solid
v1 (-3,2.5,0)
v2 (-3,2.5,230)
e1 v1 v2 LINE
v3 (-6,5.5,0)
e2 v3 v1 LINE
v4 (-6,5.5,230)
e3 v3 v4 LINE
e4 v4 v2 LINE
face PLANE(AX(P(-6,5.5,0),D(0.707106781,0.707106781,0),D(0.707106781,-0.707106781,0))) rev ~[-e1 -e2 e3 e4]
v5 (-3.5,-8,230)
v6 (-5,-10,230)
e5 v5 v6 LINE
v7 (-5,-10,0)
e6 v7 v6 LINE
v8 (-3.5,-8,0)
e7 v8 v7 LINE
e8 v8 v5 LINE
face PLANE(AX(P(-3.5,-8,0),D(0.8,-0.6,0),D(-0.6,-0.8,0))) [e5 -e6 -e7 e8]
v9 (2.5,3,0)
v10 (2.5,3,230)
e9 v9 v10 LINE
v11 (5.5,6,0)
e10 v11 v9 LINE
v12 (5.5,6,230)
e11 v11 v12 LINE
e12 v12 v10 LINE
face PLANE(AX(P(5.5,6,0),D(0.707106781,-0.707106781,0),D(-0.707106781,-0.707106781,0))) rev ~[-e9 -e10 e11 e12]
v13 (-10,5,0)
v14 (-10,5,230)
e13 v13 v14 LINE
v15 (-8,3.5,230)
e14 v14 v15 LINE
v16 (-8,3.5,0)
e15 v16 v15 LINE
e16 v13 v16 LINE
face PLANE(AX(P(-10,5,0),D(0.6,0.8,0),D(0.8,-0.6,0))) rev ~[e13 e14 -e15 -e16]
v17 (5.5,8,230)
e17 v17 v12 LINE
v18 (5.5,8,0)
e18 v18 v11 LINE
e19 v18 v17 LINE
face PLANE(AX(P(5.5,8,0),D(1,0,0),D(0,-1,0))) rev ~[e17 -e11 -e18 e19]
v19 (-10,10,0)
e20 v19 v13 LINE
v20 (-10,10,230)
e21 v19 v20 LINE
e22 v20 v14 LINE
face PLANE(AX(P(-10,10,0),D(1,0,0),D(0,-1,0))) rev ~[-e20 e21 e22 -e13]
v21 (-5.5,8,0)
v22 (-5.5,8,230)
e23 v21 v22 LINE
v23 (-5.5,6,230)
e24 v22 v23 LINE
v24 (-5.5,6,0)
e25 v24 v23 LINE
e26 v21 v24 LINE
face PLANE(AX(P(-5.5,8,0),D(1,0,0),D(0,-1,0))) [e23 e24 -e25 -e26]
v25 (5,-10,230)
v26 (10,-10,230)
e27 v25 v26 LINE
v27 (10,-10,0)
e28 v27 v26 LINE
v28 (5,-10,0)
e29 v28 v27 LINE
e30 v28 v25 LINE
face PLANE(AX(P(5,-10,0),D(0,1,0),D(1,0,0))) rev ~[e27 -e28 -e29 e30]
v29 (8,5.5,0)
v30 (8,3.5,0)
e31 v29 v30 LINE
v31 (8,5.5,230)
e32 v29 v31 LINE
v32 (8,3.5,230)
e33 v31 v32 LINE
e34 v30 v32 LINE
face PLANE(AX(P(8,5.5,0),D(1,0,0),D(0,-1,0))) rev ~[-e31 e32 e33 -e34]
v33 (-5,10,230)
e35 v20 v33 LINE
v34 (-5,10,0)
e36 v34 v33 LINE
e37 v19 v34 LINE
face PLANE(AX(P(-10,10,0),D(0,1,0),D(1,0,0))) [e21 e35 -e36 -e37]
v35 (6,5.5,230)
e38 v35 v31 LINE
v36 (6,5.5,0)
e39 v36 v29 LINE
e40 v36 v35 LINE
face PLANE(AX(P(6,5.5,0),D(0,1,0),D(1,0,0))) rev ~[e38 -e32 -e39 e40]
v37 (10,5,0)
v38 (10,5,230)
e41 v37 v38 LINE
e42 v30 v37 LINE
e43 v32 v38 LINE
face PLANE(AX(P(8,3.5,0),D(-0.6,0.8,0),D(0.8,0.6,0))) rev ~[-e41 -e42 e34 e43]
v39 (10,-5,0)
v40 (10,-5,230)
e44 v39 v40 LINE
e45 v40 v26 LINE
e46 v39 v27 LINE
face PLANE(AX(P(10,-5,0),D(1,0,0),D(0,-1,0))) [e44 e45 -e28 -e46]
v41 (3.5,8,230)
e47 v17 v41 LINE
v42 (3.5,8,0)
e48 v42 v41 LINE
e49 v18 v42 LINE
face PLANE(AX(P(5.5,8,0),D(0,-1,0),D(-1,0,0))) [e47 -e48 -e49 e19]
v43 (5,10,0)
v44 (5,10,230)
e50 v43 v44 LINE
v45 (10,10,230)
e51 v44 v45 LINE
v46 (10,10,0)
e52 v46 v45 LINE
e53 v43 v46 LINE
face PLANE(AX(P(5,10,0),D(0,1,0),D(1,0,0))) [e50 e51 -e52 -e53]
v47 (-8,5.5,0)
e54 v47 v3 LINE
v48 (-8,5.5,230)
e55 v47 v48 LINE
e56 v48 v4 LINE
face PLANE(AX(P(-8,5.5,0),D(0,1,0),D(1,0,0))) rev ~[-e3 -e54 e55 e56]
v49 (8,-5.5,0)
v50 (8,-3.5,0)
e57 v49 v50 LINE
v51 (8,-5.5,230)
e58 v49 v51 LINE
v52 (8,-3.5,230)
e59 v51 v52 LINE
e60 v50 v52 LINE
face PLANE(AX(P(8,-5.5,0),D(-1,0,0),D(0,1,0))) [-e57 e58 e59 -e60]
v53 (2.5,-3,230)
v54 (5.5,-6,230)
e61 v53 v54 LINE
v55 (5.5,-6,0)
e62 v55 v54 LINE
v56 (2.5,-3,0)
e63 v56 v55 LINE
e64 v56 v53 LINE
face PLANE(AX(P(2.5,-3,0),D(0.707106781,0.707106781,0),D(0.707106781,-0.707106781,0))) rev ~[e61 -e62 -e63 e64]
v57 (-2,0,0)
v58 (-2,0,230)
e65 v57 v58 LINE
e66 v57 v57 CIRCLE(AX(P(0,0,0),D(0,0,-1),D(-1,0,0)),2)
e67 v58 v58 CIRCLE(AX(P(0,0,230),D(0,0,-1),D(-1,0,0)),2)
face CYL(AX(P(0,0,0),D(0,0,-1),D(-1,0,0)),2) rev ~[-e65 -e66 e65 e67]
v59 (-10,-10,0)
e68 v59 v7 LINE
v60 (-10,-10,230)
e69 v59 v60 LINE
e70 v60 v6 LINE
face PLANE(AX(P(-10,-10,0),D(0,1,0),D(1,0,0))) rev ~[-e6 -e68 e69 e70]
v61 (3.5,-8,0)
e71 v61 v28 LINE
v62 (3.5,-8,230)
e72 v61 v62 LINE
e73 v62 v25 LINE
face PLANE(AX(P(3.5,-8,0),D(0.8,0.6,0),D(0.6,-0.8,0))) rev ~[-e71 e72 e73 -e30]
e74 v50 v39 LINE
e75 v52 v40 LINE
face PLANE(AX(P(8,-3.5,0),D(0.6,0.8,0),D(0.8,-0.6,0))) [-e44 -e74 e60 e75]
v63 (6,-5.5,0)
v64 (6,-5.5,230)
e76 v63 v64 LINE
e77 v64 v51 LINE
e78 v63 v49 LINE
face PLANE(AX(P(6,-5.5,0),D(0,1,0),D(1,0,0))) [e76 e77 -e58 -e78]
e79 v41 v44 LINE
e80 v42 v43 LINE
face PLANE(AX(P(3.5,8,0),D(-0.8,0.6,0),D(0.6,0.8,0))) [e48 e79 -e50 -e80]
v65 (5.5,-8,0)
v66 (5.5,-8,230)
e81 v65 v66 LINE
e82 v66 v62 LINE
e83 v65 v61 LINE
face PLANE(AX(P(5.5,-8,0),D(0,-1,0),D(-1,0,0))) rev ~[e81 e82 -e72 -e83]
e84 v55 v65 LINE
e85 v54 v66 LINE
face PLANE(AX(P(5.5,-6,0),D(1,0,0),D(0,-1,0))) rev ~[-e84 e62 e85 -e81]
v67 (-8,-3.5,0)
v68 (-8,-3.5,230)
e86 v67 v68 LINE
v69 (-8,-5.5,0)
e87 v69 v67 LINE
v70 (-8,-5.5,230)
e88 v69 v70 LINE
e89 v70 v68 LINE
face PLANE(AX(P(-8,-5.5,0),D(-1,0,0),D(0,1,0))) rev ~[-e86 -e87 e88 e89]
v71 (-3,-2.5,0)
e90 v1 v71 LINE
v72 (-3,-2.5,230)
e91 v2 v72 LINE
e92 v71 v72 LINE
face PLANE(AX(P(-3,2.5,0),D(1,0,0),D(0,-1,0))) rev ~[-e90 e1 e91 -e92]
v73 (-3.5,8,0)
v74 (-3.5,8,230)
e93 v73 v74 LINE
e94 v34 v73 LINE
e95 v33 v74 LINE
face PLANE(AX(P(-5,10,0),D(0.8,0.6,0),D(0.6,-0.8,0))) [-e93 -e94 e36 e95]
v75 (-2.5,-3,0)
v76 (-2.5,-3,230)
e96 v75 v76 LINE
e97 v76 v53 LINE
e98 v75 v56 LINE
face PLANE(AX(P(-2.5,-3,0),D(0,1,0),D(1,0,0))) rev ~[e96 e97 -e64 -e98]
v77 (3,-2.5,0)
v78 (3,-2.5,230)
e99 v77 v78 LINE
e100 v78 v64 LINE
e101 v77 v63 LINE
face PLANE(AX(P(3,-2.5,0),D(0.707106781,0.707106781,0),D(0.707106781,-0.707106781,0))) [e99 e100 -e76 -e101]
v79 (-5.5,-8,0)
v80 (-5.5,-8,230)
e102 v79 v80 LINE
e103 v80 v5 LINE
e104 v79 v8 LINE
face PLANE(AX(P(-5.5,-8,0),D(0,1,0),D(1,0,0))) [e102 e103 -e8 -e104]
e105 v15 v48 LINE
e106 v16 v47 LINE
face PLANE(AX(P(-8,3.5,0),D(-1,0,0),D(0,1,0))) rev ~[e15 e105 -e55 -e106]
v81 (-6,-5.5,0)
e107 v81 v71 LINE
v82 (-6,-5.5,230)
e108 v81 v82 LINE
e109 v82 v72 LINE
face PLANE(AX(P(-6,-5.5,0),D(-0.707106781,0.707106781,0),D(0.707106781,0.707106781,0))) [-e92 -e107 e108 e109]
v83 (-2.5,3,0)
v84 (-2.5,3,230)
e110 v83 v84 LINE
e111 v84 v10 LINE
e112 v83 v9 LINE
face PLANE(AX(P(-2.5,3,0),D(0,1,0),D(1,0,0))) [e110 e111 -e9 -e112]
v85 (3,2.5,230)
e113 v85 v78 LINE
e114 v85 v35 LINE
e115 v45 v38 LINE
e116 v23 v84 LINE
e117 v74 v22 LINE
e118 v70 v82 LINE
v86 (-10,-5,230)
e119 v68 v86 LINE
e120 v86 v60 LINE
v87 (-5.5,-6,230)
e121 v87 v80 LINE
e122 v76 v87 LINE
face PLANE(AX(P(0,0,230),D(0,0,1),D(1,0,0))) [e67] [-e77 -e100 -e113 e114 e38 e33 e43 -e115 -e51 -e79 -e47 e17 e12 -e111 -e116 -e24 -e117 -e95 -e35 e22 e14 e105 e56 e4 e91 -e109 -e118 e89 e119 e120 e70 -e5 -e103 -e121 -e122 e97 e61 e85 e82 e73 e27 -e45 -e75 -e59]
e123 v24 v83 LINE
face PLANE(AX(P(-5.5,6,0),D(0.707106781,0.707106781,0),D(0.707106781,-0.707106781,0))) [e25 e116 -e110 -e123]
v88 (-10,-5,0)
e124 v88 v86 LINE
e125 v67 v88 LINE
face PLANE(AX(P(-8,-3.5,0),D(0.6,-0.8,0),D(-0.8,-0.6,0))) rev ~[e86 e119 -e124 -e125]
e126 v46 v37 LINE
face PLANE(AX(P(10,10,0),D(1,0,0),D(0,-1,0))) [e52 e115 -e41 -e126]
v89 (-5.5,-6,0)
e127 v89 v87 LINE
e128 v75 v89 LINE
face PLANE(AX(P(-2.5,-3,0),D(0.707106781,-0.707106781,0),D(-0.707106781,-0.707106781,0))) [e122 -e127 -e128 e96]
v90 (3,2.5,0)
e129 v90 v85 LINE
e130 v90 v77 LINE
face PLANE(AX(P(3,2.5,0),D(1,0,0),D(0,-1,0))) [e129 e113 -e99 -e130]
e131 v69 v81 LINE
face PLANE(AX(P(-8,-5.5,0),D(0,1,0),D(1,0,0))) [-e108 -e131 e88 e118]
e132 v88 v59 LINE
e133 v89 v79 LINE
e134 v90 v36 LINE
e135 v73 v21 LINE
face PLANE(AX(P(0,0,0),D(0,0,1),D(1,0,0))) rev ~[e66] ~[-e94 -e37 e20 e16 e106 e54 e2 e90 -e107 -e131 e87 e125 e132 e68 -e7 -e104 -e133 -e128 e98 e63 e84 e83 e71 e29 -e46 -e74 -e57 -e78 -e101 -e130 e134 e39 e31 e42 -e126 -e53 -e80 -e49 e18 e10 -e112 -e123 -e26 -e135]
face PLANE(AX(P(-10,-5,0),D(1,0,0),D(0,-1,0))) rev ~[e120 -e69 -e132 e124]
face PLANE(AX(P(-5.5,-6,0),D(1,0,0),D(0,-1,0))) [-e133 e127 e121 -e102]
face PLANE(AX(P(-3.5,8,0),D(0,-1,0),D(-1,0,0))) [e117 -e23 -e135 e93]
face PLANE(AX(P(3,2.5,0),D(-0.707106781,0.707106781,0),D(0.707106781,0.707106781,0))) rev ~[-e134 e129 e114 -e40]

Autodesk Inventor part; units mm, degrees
ref_plane "YZ Plane" through (0, 0, 0) normal (1, 0, 0) x (0, 1, 0)
ref_plane "XZ Plane" through (0, 0, 0) normal (0, 1, 0) x (-1, 0, 0)
ref_plane "XY Plane" through (0, 0, 0) normal (0, 0, 1) x (1, 0, 0)
sketch "Sketch1" plane through (0, 0, 0) normal (0, 0, 1) x (1, 0, 0)
  line L0 (-5, 10) -> (-3.5, 8)
  line L1 (-3.5, 8) -> (-5.5, 8)
  line L2 (5.5, 8) -> (3.5, 8)
  line L3 (3.5, 8) -> (5, 10)
  line L4 (-5.5, 8) -> (-5.5, 6)
  line L5 (5.5, 8) -> (5.5, 6)
  line L6 (-5.5, 6) -> (-2.5, 3)
  line L7 (5.5, 6) -> (2.5, 3)
  line L8 (-2.5, 3) -> (2.5, 3)
  line L9 (-10, 10) -> (-5, 10)
  line L10 (5, 10) -> (10, 10)
  line L11 (3, 2.5) -> (3, -2.5)
  line L12 (3, -2.5) -> (6, -5.5)
  line L13 (6, -5.5) -> (8, -5.5)
  line L14 (8, -5.5) -> (8, -3.5)
  line L15 (8, -3.5) -> (10, -5)
  line L16 (3, 2.5) -> (6, 5.5)
  line L17 (6, 5.5) -> (8, 5.5)
  line L18 (8, 5.5) -> (8, 3.5)
  line L19 (8, 3.5) -> (10, 5)
  line L20 (10, 10) -> (10, 5)
  line L21 (10, -5) -> (10, -10)
  line L22 (-10, 5) -> (-8, 3.5)
  line L23 (-8, 3.5) -> (-8, 5.5)
  line L24 (-8, -5.5) -> (-8, -3.5)
  line L25 (-8, -3.5) -> (-10, -5)
  line L26 (-8, 5.5) -> (-6, 5.5)
  line L27 (-8, -5.5) -> (-6, -5.5)
  line L28 (-6, 5.5) -> (-3, 2.5)
  line L29 (-6, -5.5) -> (-3, -2.5)
  line L30 (-3, 2.5) -> (-3, -2.5)
  line L31 (-10, 10) -> (-10, 5)
  line L32 (-10, -5) -> (-10, -10)
  line L33 (-2.5, -3) -> (2.5, -3)
  line L34 (2.5, -3) -> (5.5, -6)
  line L35 (5.5, -6) -> (5.5, -8)
  line L36 (5.5, -8) -> (3.5, -8)
  line L37 (3.5, -8) -> (5, -10)
  line L38 (-2.5, -3) -> (-5.5, -6)
  line L39 (-5.5, -6) -> (-5.5, -8)
  line L40 (-5.5, -8) -> (-3.5, -8)
  line L41 (-3.5, -8) -> (-5, -10)
  line L42 (-10, -10) -> (-5, -10)
  line L43 (5, -10) -> (10, -10)
  point P0 (0, 0)
  point P1 (0, 0)
  point P2 (0, 0)
  dimension "d0" = 20
  dimension "d1" = 20
  dimension "d3" = 2
  dimension "d4" = 2
  dimension "d6" = 1.5
  dimension "d7" = 2
  dimension "d8" = 2
  dimension "d9" = 3
  dimension "d11" = 3
  dimension "d12" = 3
  dimension "d13" = 5
  dimension "d22" = 5
  dimension "d24" = 3
  dimension "d25" = 3
  dimension "d26" = 2
  dimension "d27" = 5
  dimension "d28" = 2
  dimension "d29" = 2
  dimension "d30" = 1.5
  dimension "d31" = 3
  dimension "d32" = 5
  dimension "d33" = 5
  dimension "d35" = 5
  dimension "d36" = 5
  dimension "d37" = 5
  dimension "d38" = 5
  dimension "d40" = 3
  dimension "d41" = 3
  dimension "d42" = 2
  dimension "d43" = 2
  dimension "d48" = 3
  dimension "d49" = 3
  dimension "d50" = 3
  dimension "d51" = 3
  dimension "d52" = 0.5
  dimension "d53" = 0.5
  dimension "d54" = 0.5
  dimension "d55" = 0.5
  dimension "d56" = 0.5
extrude "Extrusion3" add sketch "Sketch1" along normal blind 230
sketch "Sketch3" plane through (0, 0, 0) normal (0, 0, -1) x (-1, 0, 0)
  circle A0 centre (0, 0) radius 2
  dimension "d59" = 4
extrude "Extrusion4" cut sketch "Sketch3" against normal through all
properties part number "20x20x100 Aluminium VSlot Extrustion"
